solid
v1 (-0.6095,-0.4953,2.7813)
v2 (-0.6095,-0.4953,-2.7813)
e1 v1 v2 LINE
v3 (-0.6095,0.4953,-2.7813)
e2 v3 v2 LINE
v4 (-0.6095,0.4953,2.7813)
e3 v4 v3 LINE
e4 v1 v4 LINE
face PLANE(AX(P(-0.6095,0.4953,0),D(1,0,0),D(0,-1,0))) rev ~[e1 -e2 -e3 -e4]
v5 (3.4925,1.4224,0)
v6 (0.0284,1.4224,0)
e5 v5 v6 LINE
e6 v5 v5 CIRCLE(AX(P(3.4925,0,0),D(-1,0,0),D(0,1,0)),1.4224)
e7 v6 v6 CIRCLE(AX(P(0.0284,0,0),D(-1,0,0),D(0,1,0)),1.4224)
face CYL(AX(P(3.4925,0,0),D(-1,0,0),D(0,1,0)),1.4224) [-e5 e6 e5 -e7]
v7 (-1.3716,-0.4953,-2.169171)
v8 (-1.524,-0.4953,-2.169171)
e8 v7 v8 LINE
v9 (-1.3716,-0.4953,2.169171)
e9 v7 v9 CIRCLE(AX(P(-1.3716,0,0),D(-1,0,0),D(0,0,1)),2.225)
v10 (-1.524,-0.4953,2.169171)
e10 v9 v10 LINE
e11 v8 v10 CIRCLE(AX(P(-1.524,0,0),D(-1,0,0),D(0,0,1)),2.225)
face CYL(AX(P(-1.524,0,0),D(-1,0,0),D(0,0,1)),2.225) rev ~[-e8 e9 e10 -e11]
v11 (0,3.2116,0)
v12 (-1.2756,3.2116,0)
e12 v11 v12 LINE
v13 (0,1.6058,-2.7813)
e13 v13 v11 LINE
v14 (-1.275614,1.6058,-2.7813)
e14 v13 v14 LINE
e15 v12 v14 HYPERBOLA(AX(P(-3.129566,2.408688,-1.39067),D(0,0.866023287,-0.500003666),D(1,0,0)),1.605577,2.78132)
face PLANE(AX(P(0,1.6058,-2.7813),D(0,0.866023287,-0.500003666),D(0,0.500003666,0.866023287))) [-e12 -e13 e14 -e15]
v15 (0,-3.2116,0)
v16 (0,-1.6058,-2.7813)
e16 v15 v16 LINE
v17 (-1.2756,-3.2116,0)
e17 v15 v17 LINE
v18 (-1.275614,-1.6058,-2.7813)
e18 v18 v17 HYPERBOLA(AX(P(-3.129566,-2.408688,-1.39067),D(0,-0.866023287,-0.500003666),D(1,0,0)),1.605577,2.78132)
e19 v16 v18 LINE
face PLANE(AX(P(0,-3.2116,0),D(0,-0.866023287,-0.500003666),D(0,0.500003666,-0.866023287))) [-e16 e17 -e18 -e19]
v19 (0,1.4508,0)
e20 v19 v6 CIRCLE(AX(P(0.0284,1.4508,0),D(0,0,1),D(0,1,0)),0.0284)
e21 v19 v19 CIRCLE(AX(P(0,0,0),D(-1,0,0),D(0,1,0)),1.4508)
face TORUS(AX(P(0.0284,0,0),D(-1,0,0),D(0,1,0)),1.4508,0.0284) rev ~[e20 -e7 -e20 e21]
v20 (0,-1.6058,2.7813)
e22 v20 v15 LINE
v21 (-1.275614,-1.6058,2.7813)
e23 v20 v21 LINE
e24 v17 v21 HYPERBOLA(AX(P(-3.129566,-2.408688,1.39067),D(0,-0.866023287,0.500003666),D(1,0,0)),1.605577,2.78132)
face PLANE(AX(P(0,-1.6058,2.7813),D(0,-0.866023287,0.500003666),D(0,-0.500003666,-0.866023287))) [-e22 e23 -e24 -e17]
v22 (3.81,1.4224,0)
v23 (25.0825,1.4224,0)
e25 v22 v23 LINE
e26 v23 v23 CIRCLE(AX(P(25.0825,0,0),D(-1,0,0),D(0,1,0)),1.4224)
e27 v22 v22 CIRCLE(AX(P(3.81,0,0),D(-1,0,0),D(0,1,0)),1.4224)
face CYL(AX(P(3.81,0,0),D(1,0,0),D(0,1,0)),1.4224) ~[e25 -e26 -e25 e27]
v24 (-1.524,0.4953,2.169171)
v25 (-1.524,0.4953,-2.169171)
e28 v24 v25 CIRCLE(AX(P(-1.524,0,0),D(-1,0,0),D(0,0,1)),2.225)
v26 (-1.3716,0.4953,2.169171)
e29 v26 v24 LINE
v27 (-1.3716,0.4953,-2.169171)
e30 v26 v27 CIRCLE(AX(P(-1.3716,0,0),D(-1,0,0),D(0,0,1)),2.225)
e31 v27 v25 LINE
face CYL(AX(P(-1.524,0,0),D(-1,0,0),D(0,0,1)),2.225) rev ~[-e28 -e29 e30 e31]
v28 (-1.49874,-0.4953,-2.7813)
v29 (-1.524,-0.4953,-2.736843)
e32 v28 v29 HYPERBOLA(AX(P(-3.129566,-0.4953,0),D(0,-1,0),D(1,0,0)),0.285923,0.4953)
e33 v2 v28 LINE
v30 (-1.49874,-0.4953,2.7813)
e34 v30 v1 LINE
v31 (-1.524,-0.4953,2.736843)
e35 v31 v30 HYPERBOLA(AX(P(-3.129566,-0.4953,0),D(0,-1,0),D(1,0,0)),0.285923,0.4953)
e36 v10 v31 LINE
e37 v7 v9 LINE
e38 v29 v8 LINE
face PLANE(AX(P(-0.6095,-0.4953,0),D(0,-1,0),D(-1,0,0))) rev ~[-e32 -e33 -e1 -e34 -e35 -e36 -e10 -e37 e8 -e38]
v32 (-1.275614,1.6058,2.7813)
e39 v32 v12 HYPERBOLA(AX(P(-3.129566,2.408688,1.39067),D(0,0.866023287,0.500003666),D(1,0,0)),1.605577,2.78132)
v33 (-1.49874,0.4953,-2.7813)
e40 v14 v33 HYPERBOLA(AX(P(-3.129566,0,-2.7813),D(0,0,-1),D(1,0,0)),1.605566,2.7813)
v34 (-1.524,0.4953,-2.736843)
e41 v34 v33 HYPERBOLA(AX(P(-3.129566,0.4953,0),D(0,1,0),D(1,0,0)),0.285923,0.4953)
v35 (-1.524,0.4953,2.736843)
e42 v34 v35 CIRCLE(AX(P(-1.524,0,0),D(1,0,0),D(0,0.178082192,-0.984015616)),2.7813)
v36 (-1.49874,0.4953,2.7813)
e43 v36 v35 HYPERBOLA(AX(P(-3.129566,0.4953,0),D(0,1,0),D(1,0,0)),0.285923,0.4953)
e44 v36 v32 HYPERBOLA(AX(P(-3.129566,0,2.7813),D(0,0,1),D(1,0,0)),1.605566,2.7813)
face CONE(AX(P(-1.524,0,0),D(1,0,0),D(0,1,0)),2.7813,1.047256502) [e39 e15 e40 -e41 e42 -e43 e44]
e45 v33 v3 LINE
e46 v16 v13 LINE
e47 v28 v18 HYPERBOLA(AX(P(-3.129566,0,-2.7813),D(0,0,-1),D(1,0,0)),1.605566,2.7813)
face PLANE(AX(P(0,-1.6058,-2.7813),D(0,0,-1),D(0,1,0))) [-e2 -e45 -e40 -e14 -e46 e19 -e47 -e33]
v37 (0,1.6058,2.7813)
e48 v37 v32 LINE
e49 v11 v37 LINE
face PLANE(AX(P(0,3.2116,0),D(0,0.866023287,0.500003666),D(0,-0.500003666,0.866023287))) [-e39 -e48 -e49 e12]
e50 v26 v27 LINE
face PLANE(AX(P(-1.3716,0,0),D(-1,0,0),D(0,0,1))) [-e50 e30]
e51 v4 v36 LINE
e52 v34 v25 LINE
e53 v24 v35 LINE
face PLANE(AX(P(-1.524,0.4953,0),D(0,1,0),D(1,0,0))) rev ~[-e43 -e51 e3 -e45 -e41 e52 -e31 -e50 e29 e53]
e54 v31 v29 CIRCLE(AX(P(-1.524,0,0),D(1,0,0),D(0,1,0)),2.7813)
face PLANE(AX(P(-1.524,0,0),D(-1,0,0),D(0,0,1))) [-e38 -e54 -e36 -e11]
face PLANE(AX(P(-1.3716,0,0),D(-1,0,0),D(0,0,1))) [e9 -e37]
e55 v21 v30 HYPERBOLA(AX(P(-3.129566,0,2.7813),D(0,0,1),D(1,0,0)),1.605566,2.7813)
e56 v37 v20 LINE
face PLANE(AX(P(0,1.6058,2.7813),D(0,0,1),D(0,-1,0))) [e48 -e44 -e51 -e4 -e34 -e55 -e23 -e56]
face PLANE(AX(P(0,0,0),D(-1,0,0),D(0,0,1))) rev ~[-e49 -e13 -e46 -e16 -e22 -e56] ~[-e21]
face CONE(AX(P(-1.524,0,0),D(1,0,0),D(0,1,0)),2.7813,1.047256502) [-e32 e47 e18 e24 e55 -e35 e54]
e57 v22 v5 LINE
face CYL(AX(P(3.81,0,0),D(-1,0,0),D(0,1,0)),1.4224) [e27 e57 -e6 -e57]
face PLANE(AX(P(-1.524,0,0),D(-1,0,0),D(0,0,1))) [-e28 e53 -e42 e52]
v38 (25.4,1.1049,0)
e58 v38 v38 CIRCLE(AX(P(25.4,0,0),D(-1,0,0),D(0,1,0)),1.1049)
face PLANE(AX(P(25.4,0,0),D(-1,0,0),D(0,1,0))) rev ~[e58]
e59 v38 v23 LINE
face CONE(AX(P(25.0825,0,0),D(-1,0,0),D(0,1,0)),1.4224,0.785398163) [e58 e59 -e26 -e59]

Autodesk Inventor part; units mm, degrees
ref_plane "YZ Plane" through (0, 0, 0) normal (1, 0, 0) x (0, 1, 0)
ref_plane "XZ Plane" through (0, 0, 0) normal (0, 1, 0) x (-1, 0, 0)
sketch "Sketch1" plane through (0, 0, 0) normal (0, 0, 1) x (1, 0, 0)
  line L0 (0, 1.4224) -> (0, 0)
  line L1 (3.81, 1.4224) -> (25.4, 1.4224)
  line L2 (25.4, 1.4224) -> (25.4, 0)
  line L3 (25.4, 0) -> (0, 0)
  line L4 (3.81, 1.4224) -> (3.4925, 1.4224)
  line L5 (3.4925, 1.4224) -> (0, 1.4224)
  line L6 (-5.08, 0) -> (30.48, 0) projected
  line L7 (0, -0.2845) -> (0, 1.7069) projected
  dimension "d0" = 25.4
  dimension "d1" = 21.59
  dimension "d2" = 2.8448
  dimension "d13" = 0.3175
  dimension "d24" = 2.8448
revolve "Body" add sketch "Sketch1" angle 360 about axis through (25.4, 0, 0) along (-1, 0, 0)
sketch "Sketch2" plane through (0, 0, 0) normal (-1, 0, 0) x (0, 0, 1)
  line L0 (0, 3.2116) -> (2.7813, 1.6058)
  line L1 (2.7813, 1.6058) -> (2.7813, -1.6058)
  line L2 (2.7813, -1.6058) -> (0, -3.2116)
  line L3 (0, -3.2116) -> (-2.7813, -1.6058)
  line L4 (-2.7813, -1.6058) -> (-2.7813, 1.6058)
  line L5 (-2.7813, 1.6058) -> (0, 3.2116)
  circle A0 centre (0, 0) radius 1.4224 projected
  dimension "d8" = 5.5626
extrude "Head" add sketch "Sketch2" along normal blind 1.524 contours L0 L1 L2 L3 L4 L5 | A0
sketch "Sketch3" plane through (-1.524, 0, 0) normal (-1, 0, 0) x (0, 0, 1)
  circle A0 centre (0, 0) radius 2.225
  point P0 (0, 0)
  dimension "d17" = 4.4501
extrude "Indent" cut sketch "Sketch3" against normal blind 0.1524
sketch "Sketch4" plane through (0, 0, 0) normal (0, 0, 1) x (1, 0, 0)
  line L0 (-1.524, 0.4953) -> (-0.6095, 0.4953)
  line L1 (-0.6095, 0.4953) -> (-0.6095, -0.4953)
  line L2 (-0.6095, -0.4953) -> (-1.524, -0.4953)
  line L3 (-1.524, -0.4953) -> (-1.524, 0.4953)
  line L4 (-0.6095, 0) -> (-1.524, 0) construction
  line L5 (-1.7069, 0) -> (-0.4266, 0) projected
  line L6 (-1.524, 1.6058) -> (-1.524, -1.6058) projected
  dimension "d9" = 0.9906
  dimension "d10" = 0.9145
extrude "Slot" cut sketch "Sketch4" along normal through all both and the other way through all
sketch "Sketch5" plane through (0, 0, 0) normal (0, 0, 1) x (1, 0, 0)
  line L0 (-1.8288, 0) -> (0.3048, 0) projected
  line L1 (-1.524, 3.2116) -> (-1.524, 2.7813)
  line L2 (-1.524, 2.7813) -> (-1.2756, 3.2116)
  line L3 (-1.2756, 3.2116) -> (-1.524, 3.2116)
  line L4 (0, 3.2116) -> (-1.524, 3.2116) projected
  line L5 (-1.524, 3.2116) -> (-1.524, 1.6058) projected
  dimension "d22" = 30
  dimension "d23" = 5.5626
revolve "Chamfer1" cut sketch "Sketch5" angle 360 about axis through (-10, 0, 0) along (1, 0, 0)
fillet "Fillet1" radius 0.0284 1 edges at (0, -1.4224, 0)
thread "Thread" size "4-40 UNC" class "2A" standard "ANSI Unified Screw Threads" length 21.59
chamfer "Chamfer2" distance 0.3175 distance2 0.3175 1 edges at (25.4, -1.4224, 0) measured on face at (25.4, -0.5703, -0.3902)
ref_plane "Work Plane1" through (14.605, 0, 0) normal (0, 0, -1) x (1, 0, 0)
equation "\"d0\" = NLG"
equation "\"d1\" = GEL"
equation "\"d2\" = GD"
equation "\"d13\" = GAL"
equation "\"d24\" = BDM"
equation "\"d8\" = SW"
equation "\"d3\" = KOH - SD"
equation "\"d17\" = KOD2"
equation "\"d18\" = KOH2"
equation "\"d9\" = SBR"
equation "\"d22\" = ANG1"
equation "\"d23\" = SW"
equation "\"d16\" = RR"
equation "\"d14\" = GEL"
equation "\"d5\" = -0.5 * SPD + 0.5 * GD"
equation "\"d6\" = GUL"
equation "\"NLG\" = 25.4"
equation "\"GD\" = NND"
equation "\"BDM\" = NND"
equation "\"KOH\" = 1.524"
equation "\"GEL\" = 21.59"
equation "\"SW\" = 5.5626"
equation "\"SPD\" = GD1"
equation "\"SD\" = 0"
equation "\"ANG1\" = 30deg"
equation "\"GAL\" = 0.3175"
equation "\"GUL\" = GAL"
equation "\"STI\" = 0.9144"
equation "\"SBR\" = 0.9906"
equation "\"RR\" = 0.02845"
equation "\"KOD2\" = 0.8 * SW"
equation "\"KOH2\" = 0.1 * KOH"
equation "\"SW0\" = SW"
equation "\"THREADDIA\" = 2.8448"
equation "\"SDH\" = SW"
equation "\"E0\" = 1.155 * SW"
equation "\"TOA\" = 30deg"
equation "\"NND\" = 2.8448"
equation "\"GD1\" = 2.2098"
equation "\"SD2\" = NND"
properties part number "ANSI B18.6.3 - 4-40 UNC - 1, SILHHMSI" material "Steel, Mild"
